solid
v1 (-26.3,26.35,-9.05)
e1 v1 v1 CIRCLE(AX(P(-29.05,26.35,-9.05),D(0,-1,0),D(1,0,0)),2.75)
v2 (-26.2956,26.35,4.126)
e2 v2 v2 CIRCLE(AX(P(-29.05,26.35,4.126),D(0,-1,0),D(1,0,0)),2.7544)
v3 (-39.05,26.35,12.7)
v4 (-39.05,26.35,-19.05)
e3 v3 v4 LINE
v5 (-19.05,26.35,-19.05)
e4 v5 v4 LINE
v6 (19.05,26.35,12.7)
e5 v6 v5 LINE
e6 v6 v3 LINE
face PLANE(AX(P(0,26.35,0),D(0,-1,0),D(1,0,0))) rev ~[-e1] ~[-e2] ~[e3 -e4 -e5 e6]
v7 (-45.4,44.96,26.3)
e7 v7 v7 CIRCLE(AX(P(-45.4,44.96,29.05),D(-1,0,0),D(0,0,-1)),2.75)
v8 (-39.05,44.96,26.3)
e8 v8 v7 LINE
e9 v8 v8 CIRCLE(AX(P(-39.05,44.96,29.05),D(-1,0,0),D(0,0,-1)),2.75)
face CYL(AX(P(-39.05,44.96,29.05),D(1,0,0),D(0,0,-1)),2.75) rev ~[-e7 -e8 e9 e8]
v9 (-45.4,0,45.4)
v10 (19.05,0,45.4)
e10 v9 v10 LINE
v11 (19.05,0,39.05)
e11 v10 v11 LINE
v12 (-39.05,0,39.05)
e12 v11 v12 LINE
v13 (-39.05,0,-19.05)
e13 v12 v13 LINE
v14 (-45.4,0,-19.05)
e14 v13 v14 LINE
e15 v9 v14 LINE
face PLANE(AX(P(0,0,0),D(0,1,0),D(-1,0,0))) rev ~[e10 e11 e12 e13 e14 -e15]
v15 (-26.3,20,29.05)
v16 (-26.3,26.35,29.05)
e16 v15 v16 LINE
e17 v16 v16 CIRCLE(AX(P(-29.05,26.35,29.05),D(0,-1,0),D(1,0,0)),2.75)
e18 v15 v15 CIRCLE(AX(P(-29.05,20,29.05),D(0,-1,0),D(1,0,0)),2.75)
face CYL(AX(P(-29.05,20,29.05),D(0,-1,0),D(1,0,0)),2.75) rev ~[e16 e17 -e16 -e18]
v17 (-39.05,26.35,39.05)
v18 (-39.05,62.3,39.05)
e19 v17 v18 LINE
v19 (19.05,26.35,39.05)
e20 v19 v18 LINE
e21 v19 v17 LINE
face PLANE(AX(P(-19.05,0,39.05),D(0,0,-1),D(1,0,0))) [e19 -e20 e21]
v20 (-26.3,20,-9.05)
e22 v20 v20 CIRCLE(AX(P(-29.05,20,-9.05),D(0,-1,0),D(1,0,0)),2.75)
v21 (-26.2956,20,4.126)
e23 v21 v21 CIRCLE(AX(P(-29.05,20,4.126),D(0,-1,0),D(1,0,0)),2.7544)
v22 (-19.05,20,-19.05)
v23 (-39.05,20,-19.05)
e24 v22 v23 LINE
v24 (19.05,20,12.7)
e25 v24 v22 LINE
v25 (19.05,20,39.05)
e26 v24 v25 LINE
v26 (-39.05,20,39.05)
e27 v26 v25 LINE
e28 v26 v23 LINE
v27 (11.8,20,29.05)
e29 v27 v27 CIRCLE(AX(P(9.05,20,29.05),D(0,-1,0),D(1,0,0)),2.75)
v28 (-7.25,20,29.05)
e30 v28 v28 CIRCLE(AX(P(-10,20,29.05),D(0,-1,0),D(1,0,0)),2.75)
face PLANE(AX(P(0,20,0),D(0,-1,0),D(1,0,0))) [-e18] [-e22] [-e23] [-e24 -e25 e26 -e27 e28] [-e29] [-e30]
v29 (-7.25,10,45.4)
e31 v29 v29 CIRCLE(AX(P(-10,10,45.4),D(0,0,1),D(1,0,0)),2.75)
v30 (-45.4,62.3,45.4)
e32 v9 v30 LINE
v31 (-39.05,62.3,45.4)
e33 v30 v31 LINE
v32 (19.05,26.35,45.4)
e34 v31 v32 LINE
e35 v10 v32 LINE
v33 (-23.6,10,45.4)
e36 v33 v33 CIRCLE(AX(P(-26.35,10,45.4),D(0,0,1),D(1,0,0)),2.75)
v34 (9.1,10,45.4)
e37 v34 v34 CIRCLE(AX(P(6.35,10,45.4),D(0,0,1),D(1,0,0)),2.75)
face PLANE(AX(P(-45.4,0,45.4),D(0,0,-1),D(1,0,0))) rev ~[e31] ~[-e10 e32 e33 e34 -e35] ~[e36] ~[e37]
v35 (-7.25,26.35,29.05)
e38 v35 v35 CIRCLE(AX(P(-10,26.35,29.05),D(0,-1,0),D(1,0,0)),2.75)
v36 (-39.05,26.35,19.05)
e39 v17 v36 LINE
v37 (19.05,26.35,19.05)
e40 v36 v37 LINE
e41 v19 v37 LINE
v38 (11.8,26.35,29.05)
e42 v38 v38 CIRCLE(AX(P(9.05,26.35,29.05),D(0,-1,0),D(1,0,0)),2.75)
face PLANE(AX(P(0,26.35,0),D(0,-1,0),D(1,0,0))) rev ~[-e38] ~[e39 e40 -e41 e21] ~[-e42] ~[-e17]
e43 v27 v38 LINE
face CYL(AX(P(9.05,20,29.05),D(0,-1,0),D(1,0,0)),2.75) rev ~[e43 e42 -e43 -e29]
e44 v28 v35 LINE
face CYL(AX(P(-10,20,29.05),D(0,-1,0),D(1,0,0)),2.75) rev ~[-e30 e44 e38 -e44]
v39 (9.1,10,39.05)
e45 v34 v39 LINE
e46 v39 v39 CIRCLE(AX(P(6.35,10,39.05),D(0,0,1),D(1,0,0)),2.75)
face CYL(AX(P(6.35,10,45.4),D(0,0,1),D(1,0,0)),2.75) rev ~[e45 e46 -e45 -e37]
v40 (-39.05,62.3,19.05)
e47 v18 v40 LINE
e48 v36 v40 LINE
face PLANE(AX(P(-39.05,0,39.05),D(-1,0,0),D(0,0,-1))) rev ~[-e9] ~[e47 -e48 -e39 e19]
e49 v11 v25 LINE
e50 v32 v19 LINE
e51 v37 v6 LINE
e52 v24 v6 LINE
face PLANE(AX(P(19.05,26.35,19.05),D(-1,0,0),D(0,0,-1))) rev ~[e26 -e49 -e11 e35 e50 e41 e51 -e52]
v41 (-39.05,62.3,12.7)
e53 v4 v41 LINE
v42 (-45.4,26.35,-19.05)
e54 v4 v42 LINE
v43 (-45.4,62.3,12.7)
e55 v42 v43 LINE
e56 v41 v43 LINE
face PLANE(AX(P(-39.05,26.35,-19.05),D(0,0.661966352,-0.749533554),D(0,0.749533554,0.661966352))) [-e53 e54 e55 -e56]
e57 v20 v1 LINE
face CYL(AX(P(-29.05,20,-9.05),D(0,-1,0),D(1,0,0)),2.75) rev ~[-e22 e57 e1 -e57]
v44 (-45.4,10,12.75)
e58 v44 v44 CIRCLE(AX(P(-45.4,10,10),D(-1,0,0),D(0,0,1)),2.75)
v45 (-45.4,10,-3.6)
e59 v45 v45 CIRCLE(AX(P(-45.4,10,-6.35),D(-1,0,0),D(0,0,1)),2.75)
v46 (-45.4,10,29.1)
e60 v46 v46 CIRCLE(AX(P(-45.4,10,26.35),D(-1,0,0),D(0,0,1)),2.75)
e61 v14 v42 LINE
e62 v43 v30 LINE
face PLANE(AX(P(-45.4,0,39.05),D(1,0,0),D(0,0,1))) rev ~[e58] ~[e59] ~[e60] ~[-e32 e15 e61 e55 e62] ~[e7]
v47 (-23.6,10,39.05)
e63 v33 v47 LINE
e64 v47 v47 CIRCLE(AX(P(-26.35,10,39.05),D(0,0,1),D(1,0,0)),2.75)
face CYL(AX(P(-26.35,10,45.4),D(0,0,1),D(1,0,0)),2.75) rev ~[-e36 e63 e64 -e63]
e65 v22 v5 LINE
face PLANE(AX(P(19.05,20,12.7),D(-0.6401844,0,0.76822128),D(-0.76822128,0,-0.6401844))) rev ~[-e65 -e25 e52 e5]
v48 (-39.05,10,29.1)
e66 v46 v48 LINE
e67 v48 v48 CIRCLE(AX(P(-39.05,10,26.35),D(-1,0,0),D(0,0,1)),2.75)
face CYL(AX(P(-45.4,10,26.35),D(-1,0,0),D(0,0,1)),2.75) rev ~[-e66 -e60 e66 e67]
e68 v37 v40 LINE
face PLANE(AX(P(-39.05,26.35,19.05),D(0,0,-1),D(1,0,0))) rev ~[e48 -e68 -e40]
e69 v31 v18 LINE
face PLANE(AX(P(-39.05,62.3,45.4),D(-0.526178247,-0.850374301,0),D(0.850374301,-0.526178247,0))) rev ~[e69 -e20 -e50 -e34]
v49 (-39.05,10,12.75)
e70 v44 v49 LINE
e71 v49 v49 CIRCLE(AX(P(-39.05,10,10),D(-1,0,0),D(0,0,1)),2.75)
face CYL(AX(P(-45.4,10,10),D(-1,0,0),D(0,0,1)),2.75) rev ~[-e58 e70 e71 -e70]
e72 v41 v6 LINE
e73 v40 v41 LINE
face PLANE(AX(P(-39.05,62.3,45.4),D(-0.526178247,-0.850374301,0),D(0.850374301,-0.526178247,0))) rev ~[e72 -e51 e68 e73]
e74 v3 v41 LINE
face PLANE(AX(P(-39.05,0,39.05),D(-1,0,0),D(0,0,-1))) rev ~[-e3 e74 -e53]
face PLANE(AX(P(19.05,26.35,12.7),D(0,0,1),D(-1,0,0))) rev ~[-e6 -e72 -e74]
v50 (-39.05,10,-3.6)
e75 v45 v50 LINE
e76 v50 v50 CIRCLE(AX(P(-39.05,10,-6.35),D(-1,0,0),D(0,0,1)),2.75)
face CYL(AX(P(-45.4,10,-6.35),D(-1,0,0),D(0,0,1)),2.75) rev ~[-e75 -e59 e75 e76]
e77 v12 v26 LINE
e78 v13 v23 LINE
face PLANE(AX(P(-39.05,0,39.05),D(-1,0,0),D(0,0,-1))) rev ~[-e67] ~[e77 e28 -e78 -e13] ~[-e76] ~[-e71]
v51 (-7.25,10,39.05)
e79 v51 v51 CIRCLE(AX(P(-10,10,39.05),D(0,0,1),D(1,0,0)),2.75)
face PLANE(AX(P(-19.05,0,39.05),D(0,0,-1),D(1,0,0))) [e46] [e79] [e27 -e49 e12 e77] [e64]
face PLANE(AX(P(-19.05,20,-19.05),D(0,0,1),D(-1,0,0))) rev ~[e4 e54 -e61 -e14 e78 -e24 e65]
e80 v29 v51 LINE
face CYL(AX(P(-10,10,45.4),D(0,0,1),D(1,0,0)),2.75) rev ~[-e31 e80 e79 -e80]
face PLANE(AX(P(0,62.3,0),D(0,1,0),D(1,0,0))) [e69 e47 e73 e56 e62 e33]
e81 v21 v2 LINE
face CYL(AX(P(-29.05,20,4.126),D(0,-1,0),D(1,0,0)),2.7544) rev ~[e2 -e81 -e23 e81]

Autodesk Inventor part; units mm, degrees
ref_plane "YZ Plane" through (0, 0, 0) normal (1, 0, 0) x (0, 1, 0)
ref_plane "XZ Plane" through (0, 0, 0) normal (0, 1, 0) x (-1, 0, 0)
sketch "Sketch1" plane through (0, 0, 0) normal (0, 1, 0) x (-1, 0, 0)
  line L0 (-19.05, -19.05) -> (19.05, -19.05) construction
  line L1 (19.05, -19.05) -> (19.05, 19.05) construction
  line L2 (19.05, 19.05) -> (-19.05, 19.05) construction
  line L3 (-19.05, 19.05) -> (-19.05, -19.05) construction
  line L4 (-19.05, -19.05) -> (19.05, 19.05) construction
  line L5 (19.05, -19.05) -> (-19.05, 19.05) construction
  line L6 (-19.05, 19.05) -> (19.05, 19.05) construction
  line L7 (19.05, 19.05) -> (19.05, 39.05) construction
  line L8 (19.05, 39.05) -> (-19.05, 39.05)
  line L9 (-19.05, 39.05) -> (-19.05, 19.05) construction
  line L10 (19.05, 39.05) -> (39.05, 39.05)
  line L11 (39.05, 39.05) -> (39.05, -19.05)
  line L12 (39.05, -19.05) -> (19.05, -19.05) construction
  line L13 (19.05, -19.05) -> (19.05, 19.05) construction
  line L14 (19.05, 19.05) -> (19.05, 39.05) construction
  line L15 (-19.05, 39.05) -> (39.05, 39.05)
  line L16 (45.4, 39.05) -> (45.4, 45.4)
  line L17 (45.4, 45.4) -> (-19.05, 45.4)
  line L18 (-19.05, 45.4) -> (-19.05, 39.05)
  line L19 (45.4, 39.05) -> (39.05, 39.05) construction
  line L20 (39.05, 39.05) -> (39.05, -19.05)
  line L21 (39.05, -19.05) -> (45.4, -19.05)
  line L22 (45.4, -19.05) -> (45.4, 39.05)
  line L23 (39.05, 39.05) -> (45.4, 39.05) construction
  point P0 (0, 0)
  dimension "d0" = 38.1
  dimension "d1" = 20
  dimension "d2" = 20
  dimension "d3" = 6.35
  dimension "d4" = 6.35
  dimension "d67" = 0
extrude "Extrusion1" add sketch "Sketch1" along normal blind 62.3
sketch "Sketch2" plane through (-45.4, 0, 45.4) normal (0, 0, 1) x (1, 0, 0)
  line L0 (6.35, 0) -> (0, 0) projected
  line L1 (64.45, 0) -> (64.45, 62.3) projected
  line L2 (0, 0) -> (64.45, 0)
  line L3 (64.45, 0) -> (64.45, 20)
  line L4 (64.45, 20) -> (0, 20)
  line L5 (0, 20) -> (0, 0)
  line L6 (0, 0) -> (0, 62.3) projected
  line L7 (0, 10) -> (64.45, 10) construction
  circle A0 centre (19.05, 10) radius 2.75
  circle A1 centre (35.4, 10) radius 2.75
  circle A2 centre (51.75, 10) radius 2.75
  point P0 (45.4, 0)
  dimension "d7" = 20
  dimension "d8" = 5.5
  dimension "d12" = 16.35
  dimension "d68" = 12.7
extrude "Extrusion2" cut sketch "Sketch2" against normal blind 62.3 contours A0 | A1 | A2
sketch "Sketch3" plane through (-45.4, 0, -19.05) normal (-1, 0, 0) x (0, 0, 1)
  circle A0 centre (12.7, 10) radius 2.75
  line L0 (0, 0) -> (64.45, 0) projected
  line L1 (0, 0) -> (0, 62.3) projected
  circle A1 centre (29.05, 10) radius 2.75
  circle A2 centre (45.4, 10) radius 2.75
  point P0 (19.05, 0)
  dimension "d19" = 10
  dimension "d20" = 5.5
  dimension "d21" = 12.7
  dimension "d24" = 16.35
extrude "Extrusion3" cut sketch "Sketch3" against normal blind 62.3
ref_plane "Work Plane1" through (0, 20, 0) normal (0, -1, 0) x (1, 0, 0)
sketch "Sketch4" plane through (0, 20, 0) normal (0, -1, 0) x (1, 0, 0)
  line L0 (-39.05, -19.05) -> (-45.4, -19.05) projected
  line L1 (-39.05, 39.05) -> (-39.05, -19.05) projected
  line L2 (19.05, 39.05) -> (-39.05, 39.05) projected
  line L3 (19.05, 45.4) -> (19.05, 39.05) projected
  line L4 (-45.4, 45.4) -> (19.05, 45.4) projected
  line L5 (-45.4, -19.05) -> (-45.4, 45.4) projected
  line L6 (-39.05, 39.05) -> (-39.05, -19.05) projected
  line L7 (-39.05, 39.05) -> (-19.05, 39.05)
  line L8 (-19.05, 39.05) -> (-19.05, 19.05) construction
  line L9 (-19.05, -19.05) -> (-39.05, -19.05)
  line L10 (-39.05, -19.05) -> (-39.05, 39.05)
  line L11 (19.05, 39.05) -> (-39.05, 39.05) projected
  line L12 (19.05, 39.05) -> (-19.05, 39.05)
  line L13 (-19.05, 39.05) -> (-19.05, 19.05) construction
  line L14 (-19.05, 19.05) -> (19.05, 19.05) construction
  line L15 (19.05, 19.05) -> (19.05, 39.05)
  line L16 (-19.05, 19.05) -> (-19.05, -19.05) construction
  line L17 (19.05, 29.05) -> (-39.05, 29.05) construction
  line L18 (-29.05, -19.05) -> (-29.05, 39.05) construction
  circle A0 centre (-29.05, 29.05) radius 2.75
  circle A1 centre (-10, 29.05) radius 2.75
  circle A2 centre (9.05, 29.05) radius 2.75
  circle A3 centre (-29.05, 10) radius 2.75
  circle A4 centre (-29.05, -9.05) radius 2.75
  line L19 (19.05, 19.05) -> (19.05, 12.7)
  line L20 (19.05, 12.7) -> (-19.05, -19.05)
  circle A5 centre (-29.05, 4.126) radius 2.7544
  point P0 (0, 0)
  dimension "d32" = 20
  dimension "d35" = 19.05
  dimension "d40" = 5.5
  dimension "d43" = 19.05
  dimension "d50" = 6.35
  dimension "d69" = 0
extrude "Extrusion4" add sketch "Sketch4" against normal blind 6.35 contours L1 L2 L15 L19 L20 L9 | A3
sketch "Sketch5" plane through (0, 26.35, 0) normal (0, 1, 0) x (1, 0, 0)
  line L0 (19.05, -39.05) -> (19.05, -12.7) projected
  line L1 (-39.05, -39.05) -> (-39.05, 19.05) projected
  line L2 (19.05, -12.7) -> (-39.05, -12.7)
  line L3 (-39.05, -12.7) -> (-39.05, -19.05)
  line L4 (-39.05, -19.05) -> (19.05, -19.05)
  line L5 (19.05, -19.05) -> (19.05, -12.7)
  point P0 (0, 0)
  dimension "d51" = 6.35
extrude "Extrusion5" add sketch "Sketch5" along normal up to surface (35.95 mm away)
sketch "Sketch7" plane through (-39.05, 26.35, -19.05) normal (1, 0, 0) x (0, 0, -1)
  line L0 (-31.75, 35.95) -> (0, 35.95) projected
  line L1 (-31.75, 35.95) -> (0, 35.95)
  line L2 (0, 0) -> (0, 35.95) projected
  line L3 (0, 35.95) -> (0, 0)
  line L4 (0, 0) -> (-31.75, 35.95)
  point P0 (-19.05, -26.35)
extrude "Extrusion7" cut sketch "Sketch7" against normal through all
sketch "Sketch8" plane through (-45.4, 0, 45.4) normal (0, 0, 1) x (1, 0, 0)
  line L0 (64.45, 62.3) -> (6.35, 62.3) projected
  line L1 (6.35, 26.35) -> (6.35, 62.3) projected
  line L2 (64.45, 26.35) -> (6.35, 26.35) projected
  line L3 (64.45, 26.35) -> (64.45, 62.3) projected
  line L4 (64.45, 20) -> (64.45, 26.35) projected
  line L5 (6.35, 62.3) -> (64.45, 26.35)
  line L6 (6.35, 62.3) -> (64.45, 62.3) projected
  line L7 (64.45, 26.35) -> (64.45, 62.3)
  line L8 (64.45, 62.3) -> (6.35, 62.3)
  point P0 (45.4, 0)
extrude "Extrusion8" cut sketch "Sketch8" against normal through all contours L3 L5 L0
sketch "Sketch9" plane through (-39.05, 26.35, 39.05) normal (1, 0, 0) x (0, 0, -1)
  line L0 (12.75, -6.35) -> (7.25, -6.35) projected
  line L1 (10, -6.35) -> (10, 18.61)
  circle A0 centre (10, 18.61) radius 2.75
  point P0 (39.05, -26.35)
  dimension "d63" = 24.96
  dimension "d64" = 5.5
extrude "Extrusion9" cut sketch "Sketch9" against normal through all
properties part number "xIdler"
